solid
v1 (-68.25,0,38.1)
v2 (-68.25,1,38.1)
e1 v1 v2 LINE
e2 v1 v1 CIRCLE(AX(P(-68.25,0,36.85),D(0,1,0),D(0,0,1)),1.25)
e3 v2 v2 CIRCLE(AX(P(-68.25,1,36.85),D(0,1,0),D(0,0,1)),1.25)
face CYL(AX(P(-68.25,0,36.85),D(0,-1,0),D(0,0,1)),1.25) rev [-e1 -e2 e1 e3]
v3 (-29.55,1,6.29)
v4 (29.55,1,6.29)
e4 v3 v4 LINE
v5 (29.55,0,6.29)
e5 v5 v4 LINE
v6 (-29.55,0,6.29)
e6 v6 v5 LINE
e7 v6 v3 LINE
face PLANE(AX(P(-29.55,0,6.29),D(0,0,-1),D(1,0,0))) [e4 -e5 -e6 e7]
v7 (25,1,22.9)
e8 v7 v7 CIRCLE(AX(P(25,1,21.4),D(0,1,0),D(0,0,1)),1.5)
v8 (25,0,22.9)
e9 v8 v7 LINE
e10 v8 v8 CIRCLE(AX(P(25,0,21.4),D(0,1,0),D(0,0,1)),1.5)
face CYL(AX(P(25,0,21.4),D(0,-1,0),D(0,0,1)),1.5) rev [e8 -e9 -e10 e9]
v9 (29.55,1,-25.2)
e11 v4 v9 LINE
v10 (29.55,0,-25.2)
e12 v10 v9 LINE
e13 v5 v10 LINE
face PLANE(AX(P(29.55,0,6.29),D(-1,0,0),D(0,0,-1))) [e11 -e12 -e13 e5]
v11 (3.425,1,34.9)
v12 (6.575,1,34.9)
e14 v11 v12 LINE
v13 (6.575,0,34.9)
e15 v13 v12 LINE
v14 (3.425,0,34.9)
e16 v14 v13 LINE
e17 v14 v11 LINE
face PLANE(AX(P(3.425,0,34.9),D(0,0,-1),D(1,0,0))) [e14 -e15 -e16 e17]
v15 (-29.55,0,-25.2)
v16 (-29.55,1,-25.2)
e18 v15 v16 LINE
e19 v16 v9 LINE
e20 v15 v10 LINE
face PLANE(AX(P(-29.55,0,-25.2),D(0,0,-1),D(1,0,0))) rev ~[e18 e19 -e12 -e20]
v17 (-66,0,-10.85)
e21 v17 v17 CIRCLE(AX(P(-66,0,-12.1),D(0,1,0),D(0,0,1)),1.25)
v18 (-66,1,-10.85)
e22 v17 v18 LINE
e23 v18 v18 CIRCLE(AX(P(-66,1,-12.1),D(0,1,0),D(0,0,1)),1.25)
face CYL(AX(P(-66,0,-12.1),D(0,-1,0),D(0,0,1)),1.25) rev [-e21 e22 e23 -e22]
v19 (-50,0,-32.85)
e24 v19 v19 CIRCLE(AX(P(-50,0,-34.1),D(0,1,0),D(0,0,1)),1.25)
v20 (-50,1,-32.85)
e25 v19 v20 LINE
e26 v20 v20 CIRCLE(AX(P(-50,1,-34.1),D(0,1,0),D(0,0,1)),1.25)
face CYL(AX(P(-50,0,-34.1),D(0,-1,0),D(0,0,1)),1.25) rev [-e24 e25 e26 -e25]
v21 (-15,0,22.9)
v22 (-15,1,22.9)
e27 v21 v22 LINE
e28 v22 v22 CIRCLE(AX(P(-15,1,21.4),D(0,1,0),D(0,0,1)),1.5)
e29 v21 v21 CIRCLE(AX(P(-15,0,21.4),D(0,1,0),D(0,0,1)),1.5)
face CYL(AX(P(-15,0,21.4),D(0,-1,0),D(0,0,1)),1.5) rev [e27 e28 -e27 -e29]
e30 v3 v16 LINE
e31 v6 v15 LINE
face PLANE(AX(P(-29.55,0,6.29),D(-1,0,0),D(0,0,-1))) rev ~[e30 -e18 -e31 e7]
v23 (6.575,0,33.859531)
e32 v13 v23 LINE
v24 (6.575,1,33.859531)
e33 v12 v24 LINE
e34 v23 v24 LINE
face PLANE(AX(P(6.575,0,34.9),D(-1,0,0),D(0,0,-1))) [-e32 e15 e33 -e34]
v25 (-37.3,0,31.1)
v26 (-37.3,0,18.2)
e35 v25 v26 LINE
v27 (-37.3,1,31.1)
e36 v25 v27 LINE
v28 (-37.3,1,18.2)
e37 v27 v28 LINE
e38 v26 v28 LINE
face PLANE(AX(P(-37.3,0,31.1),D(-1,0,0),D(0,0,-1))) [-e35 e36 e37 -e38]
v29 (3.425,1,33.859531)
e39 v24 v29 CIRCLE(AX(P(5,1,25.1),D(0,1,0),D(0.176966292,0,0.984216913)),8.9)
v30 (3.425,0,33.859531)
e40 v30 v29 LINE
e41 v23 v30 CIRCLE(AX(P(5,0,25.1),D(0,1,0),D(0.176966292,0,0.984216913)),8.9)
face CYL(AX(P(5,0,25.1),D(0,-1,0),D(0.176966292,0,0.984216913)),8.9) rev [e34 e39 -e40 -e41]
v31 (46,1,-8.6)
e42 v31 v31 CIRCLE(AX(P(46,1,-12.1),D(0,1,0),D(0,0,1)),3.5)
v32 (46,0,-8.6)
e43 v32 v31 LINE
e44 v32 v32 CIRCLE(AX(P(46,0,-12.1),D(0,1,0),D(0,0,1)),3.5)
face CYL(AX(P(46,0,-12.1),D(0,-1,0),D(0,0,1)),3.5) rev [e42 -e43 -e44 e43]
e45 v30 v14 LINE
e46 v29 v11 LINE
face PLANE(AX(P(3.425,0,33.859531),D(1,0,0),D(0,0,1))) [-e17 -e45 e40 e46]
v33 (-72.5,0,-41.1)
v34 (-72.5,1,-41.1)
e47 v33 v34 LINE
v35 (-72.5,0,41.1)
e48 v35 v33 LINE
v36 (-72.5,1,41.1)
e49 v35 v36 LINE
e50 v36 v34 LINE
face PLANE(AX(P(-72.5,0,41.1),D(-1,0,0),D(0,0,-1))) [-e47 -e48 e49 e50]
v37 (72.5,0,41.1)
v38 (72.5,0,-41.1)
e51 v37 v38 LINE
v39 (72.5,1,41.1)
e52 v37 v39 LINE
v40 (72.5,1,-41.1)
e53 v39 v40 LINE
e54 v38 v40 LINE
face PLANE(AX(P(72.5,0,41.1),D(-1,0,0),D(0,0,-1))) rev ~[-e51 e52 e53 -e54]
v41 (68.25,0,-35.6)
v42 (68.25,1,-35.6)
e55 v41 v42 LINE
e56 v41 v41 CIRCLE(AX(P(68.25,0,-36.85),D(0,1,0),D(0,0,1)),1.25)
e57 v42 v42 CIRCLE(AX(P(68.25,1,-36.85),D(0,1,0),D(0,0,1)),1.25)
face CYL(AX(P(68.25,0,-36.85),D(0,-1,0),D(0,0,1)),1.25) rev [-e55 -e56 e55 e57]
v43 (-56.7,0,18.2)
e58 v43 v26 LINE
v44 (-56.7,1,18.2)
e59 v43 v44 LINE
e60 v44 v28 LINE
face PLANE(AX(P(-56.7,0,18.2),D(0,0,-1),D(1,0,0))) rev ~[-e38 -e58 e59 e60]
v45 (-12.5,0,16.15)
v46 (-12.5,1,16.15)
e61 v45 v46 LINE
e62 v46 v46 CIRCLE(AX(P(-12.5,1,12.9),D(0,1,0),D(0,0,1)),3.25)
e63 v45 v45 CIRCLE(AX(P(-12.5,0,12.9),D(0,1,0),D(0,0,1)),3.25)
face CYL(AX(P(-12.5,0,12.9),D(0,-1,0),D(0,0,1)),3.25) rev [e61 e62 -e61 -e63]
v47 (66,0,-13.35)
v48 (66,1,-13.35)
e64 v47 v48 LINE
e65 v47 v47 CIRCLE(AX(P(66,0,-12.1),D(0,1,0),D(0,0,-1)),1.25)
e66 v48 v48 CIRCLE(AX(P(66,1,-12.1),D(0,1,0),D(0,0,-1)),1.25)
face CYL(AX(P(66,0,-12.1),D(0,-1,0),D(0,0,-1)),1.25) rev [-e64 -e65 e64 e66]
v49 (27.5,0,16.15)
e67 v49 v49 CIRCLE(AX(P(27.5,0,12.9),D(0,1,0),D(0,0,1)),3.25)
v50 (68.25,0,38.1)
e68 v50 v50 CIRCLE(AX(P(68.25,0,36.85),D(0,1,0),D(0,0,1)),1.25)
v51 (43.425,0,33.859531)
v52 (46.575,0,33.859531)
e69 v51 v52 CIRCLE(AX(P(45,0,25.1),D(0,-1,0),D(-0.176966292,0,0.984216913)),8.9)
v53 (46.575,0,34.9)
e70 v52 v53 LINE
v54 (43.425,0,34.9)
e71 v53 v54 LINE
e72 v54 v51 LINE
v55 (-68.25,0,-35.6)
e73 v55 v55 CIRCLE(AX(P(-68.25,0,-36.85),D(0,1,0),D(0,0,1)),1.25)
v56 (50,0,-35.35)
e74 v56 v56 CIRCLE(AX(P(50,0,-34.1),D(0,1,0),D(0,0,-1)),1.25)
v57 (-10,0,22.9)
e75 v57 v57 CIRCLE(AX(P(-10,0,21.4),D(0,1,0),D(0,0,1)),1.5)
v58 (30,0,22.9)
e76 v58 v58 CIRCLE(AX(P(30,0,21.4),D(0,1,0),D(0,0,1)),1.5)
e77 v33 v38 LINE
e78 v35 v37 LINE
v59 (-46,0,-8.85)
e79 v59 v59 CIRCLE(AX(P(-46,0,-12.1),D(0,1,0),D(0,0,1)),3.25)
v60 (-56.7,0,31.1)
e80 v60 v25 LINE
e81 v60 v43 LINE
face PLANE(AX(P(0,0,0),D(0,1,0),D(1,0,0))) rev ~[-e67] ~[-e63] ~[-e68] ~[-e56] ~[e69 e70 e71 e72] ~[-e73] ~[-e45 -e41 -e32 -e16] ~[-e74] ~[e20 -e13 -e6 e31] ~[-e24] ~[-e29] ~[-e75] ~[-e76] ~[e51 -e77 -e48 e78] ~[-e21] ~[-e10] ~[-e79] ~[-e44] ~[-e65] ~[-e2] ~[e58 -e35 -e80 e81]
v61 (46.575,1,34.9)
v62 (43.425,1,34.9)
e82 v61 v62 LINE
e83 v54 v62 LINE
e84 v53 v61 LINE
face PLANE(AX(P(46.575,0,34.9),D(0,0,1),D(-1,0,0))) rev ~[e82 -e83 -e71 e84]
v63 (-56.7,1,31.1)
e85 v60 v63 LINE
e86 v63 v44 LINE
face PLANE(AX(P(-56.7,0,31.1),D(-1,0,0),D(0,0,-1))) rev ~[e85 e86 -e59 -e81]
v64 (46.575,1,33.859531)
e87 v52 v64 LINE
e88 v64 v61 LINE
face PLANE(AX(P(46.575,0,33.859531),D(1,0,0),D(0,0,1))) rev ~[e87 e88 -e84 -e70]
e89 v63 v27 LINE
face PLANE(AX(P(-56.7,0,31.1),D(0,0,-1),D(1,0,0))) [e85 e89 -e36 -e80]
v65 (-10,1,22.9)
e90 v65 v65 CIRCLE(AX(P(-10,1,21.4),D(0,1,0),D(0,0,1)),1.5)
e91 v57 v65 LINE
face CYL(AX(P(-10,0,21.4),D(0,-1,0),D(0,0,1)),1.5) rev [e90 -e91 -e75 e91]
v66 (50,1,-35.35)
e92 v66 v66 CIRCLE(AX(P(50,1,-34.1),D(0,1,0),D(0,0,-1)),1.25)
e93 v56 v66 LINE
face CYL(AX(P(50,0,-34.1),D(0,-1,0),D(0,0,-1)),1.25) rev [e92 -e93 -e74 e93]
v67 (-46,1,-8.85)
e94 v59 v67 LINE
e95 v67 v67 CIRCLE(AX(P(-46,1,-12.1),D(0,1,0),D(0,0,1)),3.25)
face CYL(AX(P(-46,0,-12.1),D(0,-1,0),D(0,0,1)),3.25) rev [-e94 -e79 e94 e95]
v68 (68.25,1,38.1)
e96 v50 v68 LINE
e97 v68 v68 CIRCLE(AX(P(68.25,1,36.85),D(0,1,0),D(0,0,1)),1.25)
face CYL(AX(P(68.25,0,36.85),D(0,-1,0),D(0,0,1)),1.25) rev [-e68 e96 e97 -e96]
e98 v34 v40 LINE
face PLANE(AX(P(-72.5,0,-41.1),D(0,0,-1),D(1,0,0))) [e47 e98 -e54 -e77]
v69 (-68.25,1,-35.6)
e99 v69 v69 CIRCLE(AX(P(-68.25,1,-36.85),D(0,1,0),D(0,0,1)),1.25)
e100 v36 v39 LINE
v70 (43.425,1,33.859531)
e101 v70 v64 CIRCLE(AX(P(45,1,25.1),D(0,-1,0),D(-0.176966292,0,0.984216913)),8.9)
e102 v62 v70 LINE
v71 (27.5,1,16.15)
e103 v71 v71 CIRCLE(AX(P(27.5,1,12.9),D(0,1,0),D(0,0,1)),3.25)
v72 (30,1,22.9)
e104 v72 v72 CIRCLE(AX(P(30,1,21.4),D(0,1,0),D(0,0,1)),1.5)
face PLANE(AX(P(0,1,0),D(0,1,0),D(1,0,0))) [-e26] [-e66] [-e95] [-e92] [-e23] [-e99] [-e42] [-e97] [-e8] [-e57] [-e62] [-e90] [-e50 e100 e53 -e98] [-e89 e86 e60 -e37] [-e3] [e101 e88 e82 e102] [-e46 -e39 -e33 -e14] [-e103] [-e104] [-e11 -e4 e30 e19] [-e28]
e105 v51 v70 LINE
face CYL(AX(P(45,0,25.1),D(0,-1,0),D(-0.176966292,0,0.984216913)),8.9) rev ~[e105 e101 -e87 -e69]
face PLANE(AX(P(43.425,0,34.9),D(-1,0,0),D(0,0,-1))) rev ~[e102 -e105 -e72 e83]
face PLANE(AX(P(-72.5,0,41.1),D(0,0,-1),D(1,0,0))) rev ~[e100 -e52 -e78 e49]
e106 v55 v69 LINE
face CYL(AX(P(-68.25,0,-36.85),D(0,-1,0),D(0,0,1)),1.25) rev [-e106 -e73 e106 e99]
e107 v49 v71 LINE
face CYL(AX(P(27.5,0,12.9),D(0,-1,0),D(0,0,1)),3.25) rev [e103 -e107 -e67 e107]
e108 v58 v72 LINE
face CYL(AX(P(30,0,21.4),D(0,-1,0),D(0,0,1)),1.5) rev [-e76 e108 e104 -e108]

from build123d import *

# Parameters (mm, degrees)
SKETCH2_W           = 145
SKETCH2_H           = 82.2
SKETCH2_R           = 1.25
SKETCH2_R_2         = 1.5
SKETCH2_R_3         = 3.25
SKETCH2_R_4         = 3.5
SKETCH2_W_2         = 19.4
SKETCH2_H_2         = 12.9
SKETCH2_W_3         = 59.1
SKETCH2_H_3         = 31.49
BOSS_EXTRUDE1_DEPTH = 1


with BuildPart() as part:
    # Sketch2 → Boss-Extrude1 (new body)
    with BuildSketch(Plane(origin=(0, 0, 0), x_dir=(1, 0, 0), z_dir=(0, 1, 0))):
        Rectangle(SKETCH2_W, SKETCH2_H)
        with Locations(Location((-68.25, -36.85, 0), (0, 0, 270))):
            Circle(SKETCH2_R, mode=Mode.SUBTRACT)
        with Locations(Location((68.25, -36.85, 0), (0, 0, 270))):
            Circle(SKETCH2_R, mode=Mode.SUBTRACT)
        with Locations(Location((-10, -21.4, 0), (0, 0, 270))):
            Circle(SKETCH2_R_2, mode=Mode.SUBTRACT)
        with Locations(Location((30, -21.4, 0), (0, 0, 270))):
            Circle(SKETCH2_R_2, mode=Mode.SUBTRACT)
        with Locations(Location((-15, -21.4, 0), (0, 0, 270))):
            Circle(SKETCH2_R_2, mode=Mode.SUBTRACT)
        with Locations(Location((25, -21.4, 0), (0, 0, 270))):
            Circle(SKETCH2_R_2, mode=Mode.SUBTRACT)
        with Locations(Location((-12.5, -12.9, 0), (0, 0, 270))):
            Circle(SKETCH2_R_3, mode=Mode.SUBTRACT)
        with Locations(Location((-46, 12.1, 0), (0, 0, 270))):
            Circle(SKETCH2_R_3, mode=Mode.SUBTRACT)
        with Locations(Location((46, 12.1, 0), (0, 0, 270))):
            Circle(SKETCH2_R_4, mode=Mode.SUBTRACT)
        with Locations(Location((-68.25, 36.85, 0), (0, 0, 270))):
            Circle(SKETCH2_R, mode=Mode.SUBTRACT)
        with Locations(Location((68.25, 36.85, 0), (0, 0, 270))):
            Circle(SKETCH2_R, mode=Mode.SUBTRACT)
        with Locations(Location((-66, 12.1, 0), (0, 0, 270))):
            Circle(SKETCH2_R, mode=Mode.SUBTRACT)
        with Locations(Location((-50, 34.1, 0), (0, 0, 270))):
            Circle(SKETCH2_R, mode=Mode.SUBTRACT)
        with Locations(Location((66, 12.1, 0), (0, 0, 90))):
            Circle(SKETCH2_R, mode=Mode.SUBTRACT)
        with Locations(Location((50, 34.1, 0), (0, 0, 90))):
            Circle(SKETCH2_R, mode=Mode.SUBTRACT)
        with Locations(Location((27.5, -12.9, 0), (0, 0, 270))):
            Circle(SKETCH2_R_3, mode=Mode.SUBTRACT)
        with BuildLine():
            Line((3.425, -33.859530524), (3.425, -34.9))
            Line((3.425, -34.9), (6.575, -34.9))
            Line((6.575, -34.9), (6.575, -33.859530524))
            ThreePointArc((6.575, -33.859530524), (5, -16.2), (3.425, -33.859530524))
        make_face(mode=Mode.SUBTRACT)
        with BuildLine():
            Line((43.425, -34.9), (43.425, -33.859530524))
            ThreePointArc((43.425, -33.859530524), (45, -16.2), (46.575, -33.859530524))
            Line((46.575, -33.859530524), (46.575, -34.9))
            Line((46.575, -34.9), (43.425, -34.9))
        make_face(mode=Mode.SUBTRACT)
        with Locations((-47, -24.65)):
            Rectangle(SKETCH2_W_2, SKETCH2_H_2, mode=Mode.SUBTRACT)
        with Locations((0, 9.455)):
            Rectangle(SKETCH2_W_3, SKETCH2_H_3, mode=Mode.SUBTRACT)
    extrude(amount=BOSS_EXTRUDE1_DEPTH)


solid = part.part
